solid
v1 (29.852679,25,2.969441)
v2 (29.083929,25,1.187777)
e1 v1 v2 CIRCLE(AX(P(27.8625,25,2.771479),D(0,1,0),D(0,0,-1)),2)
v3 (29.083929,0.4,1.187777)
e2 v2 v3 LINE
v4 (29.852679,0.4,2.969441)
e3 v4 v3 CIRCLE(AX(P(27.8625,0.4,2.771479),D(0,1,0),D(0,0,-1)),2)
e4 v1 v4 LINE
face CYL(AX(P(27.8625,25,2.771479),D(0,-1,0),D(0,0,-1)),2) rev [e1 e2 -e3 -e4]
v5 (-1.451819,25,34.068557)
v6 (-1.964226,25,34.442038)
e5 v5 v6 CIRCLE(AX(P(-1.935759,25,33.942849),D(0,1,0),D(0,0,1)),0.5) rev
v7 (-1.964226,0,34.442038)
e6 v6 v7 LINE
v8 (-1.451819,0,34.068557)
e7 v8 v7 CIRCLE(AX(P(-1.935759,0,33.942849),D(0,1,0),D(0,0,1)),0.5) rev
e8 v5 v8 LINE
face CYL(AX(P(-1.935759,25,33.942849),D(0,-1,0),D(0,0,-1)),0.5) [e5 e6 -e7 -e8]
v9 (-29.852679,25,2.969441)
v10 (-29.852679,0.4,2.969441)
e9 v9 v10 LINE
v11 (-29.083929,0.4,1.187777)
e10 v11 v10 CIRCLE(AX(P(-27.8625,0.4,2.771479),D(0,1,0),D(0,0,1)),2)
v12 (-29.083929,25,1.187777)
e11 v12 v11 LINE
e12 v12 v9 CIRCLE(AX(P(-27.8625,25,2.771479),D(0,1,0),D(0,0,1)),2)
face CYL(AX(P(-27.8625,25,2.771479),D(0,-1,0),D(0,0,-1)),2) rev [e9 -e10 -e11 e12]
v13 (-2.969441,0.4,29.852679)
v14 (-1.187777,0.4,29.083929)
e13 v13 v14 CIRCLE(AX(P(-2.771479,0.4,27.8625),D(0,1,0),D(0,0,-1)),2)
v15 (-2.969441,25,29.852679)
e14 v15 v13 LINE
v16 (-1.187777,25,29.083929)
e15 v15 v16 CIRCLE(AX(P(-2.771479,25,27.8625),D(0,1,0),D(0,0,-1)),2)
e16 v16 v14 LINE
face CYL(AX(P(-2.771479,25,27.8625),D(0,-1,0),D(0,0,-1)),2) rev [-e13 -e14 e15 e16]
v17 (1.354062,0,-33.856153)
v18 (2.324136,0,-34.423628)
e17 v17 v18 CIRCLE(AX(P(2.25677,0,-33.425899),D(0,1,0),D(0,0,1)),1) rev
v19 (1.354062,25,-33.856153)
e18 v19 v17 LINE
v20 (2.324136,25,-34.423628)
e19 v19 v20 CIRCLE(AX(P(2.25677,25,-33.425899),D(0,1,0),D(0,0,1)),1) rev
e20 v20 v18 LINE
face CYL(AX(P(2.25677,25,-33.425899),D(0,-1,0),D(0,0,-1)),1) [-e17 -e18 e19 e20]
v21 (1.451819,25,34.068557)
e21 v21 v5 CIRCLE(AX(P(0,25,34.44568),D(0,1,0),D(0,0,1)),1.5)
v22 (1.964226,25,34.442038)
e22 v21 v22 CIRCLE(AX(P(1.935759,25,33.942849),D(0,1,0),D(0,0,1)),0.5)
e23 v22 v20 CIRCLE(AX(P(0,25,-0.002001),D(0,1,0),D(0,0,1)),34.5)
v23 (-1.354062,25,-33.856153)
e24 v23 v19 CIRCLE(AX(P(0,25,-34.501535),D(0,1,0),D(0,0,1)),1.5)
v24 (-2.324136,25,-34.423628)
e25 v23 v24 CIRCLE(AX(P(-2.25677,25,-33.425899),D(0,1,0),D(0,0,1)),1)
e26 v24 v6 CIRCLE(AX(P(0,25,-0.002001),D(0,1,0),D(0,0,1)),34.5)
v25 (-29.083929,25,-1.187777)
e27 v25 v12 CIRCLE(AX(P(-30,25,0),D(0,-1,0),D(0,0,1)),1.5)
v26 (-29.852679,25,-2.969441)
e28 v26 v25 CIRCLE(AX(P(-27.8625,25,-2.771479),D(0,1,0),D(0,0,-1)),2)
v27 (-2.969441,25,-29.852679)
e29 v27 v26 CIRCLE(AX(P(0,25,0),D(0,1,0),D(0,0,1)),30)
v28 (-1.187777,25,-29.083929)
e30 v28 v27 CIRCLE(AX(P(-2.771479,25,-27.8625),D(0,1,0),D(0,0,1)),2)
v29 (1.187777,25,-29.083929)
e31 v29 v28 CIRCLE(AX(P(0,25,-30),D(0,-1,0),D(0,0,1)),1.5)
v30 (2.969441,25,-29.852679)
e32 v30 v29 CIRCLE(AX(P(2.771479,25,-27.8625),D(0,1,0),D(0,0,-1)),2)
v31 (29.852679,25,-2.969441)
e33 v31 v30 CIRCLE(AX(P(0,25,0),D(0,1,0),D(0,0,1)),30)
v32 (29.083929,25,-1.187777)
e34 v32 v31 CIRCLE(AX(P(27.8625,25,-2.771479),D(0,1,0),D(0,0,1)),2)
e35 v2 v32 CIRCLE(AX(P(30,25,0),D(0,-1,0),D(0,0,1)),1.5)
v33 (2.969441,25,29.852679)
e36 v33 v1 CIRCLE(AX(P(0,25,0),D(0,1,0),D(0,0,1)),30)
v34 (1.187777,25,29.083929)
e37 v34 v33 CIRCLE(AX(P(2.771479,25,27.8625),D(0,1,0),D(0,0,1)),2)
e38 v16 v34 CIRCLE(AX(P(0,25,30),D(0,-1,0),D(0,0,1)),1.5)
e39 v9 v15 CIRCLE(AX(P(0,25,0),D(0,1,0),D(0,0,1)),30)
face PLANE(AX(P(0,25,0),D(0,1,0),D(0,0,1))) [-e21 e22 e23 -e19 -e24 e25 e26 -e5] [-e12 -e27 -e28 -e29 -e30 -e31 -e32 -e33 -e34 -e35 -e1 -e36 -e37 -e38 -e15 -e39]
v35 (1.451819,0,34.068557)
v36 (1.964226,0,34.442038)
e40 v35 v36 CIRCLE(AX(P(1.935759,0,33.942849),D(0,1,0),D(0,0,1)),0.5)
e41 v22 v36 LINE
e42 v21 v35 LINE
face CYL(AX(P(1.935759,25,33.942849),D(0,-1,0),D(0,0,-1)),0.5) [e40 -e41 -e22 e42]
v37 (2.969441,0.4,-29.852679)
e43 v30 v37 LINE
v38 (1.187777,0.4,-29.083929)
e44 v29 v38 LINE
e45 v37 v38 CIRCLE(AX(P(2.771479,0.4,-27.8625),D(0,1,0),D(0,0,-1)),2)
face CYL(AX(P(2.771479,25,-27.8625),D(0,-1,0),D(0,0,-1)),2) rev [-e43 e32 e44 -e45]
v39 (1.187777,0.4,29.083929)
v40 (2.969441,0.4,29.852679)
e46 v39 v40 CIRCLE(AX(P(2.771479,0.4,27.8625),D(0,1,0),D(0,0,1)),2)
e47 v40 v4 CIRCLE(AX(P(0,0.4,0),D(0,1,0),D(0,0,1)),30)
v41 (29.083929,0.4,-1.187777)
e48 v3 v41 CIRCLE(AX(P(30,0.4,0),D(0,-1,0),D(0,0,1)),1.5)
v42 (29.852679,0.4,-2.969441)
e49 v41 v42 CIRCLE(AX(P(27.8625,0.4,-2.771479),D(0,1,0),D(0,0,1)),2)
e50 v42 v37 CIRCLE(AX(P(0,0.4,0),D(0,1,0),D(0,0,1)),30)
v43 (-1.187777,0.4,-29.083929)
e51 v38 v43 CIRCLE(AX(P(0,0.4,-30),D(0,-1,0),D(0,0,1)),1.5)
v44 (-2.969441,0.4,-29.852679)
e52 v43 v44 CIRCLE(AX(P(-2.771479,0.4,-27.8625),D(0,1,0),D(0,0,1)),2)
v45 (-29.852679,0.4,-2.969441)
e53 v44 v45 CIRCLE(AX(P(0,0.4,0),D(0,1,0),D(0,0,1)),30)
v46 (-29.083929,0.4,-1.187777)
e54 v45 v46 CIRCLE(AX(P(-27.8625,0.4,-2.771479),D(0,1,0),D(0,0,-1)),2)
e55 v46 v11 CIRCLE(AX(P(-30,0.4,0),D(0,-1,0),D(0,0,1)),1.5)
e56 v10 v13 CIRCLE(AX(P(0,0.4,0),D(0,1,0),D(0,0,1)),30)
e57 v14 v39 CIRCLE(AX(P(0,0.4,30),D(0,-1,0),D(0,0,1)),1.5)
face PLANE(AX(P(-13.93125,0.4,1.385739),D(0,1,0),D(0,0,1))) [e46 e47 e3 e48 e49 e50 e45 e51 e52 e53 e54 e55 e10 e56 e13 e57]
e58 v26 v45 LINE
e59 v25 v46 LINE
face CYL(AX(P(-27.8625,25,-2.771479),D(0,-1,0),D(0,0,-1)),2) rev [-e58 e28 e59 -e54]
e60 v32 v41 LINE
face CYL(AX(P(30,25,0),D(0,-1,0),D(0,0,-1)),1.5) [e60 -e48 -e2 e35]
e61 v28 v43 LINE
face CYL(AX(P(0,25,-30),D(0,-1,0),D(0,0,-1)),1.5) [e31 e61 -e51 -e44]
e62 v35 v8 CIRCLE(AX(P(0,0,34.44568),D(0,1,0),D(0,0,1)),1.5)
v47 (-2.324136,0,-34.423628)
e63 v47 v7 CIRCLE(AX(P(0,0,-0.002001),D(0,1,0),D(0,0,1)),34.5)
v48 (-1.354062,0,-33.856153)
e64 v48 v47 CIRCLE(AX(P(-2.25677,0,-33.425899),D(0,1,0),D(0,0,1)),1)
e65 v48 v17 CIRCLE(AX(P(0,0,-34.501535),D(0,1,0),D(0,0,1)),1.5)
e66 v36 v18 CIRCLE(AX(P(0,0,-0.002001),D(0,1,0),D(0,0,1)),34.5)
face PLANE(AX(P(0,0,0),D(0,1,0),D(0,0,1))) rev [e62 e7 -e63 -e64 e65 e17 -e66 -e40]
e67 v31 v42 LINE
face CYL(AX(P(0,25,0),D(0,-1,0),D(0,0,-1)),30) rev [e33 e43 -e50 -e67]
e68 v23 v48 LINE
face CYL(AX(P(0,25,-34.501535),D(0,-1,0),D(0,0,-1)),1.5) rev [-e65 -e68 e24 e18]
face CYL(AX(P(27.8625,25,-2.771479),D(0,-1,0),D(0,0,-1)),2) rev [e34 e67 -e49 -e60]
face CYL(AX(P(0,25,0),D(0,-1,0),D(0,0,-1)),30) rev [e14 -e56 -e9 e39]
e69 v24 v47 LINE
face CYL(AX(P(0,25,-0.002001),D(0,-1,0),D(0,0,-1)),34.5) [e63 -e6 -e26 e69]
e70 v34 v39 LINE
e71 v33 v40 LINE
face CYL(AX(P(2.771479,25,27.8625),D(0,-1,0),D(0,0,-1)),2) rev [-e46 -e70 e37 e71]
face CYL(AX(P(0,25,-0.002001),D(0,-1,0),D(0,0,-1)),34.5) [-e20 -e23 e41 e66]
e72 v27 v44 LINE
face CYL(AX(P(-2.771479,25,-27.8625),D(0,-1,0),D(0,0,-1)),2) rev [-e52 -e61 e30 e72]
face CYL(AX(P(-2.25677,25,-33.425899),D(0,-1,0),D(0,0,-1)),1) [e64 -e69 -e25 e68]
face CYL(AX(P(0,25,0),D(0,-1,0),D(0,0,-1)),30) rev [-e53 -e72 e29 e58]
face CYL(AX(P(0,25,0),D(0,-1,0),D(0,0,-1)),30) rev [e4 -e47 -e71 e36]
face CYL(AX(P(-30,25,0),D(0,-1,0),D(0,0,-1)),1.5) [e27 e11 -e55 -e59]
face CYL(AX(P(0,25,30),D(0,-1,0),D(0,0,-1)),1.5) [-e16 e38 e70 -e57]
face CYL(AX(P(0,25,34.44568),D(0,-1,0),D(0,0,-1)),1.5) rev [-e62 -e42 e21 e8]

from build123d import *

# Parameters (mm, degrees)
BOSS_EXTRUDE1_DEPTH = 25
CUT_EXTRUDE2_DEPTH  = 26
BOSS_EXTRUDE2_DEPTH = 0.4


with BuildPart() as part:
    # Sketch1 → Boss-Extrude1 (new body)
    with BuildSketch(Plane(origin=(0, 0, 0), x_dir=(1, 0, 0), z_dir=(0, 1, 0))):
        with BuildLine():
            ThreePointArc((1.451818925, -34.068556857), (1.641248992, -34.346908706), (1.964225605, -34.442038138))
            ThreePointArc((1.964225605, -34.442038138), (26.591847487, -21.978073076), (34.198225299, 4.555174015))
            ThreePointArc((34.198225299, 4.555174015), (23.590291339, 25.176355888), (2.324135821, 34.423627607))
            ThreePointArc((2.324135821, 34.423627607), (1.751838249, 34.289058819), (1.354061739, 33.856153382))
            ThreePointArc((1.354061739, 33.856153382), (0, 33.001534515), (-1.354061739, 33.856153382))
            ThreePointArc((-1.354061739, 33.856153382), (-1.751838249, 34.289058819), (-2.324135821, 34.423627607))
            ThreePointArc((-2.324135821, 34.423627607), (-23.590291339, 25.176355888), (-34.198225299, 4.555174015))
            ThreePointArc((-34.198225299, 4.555174015), (-26.591847487, -21.978073076), (-1.964225605, -34.442038138))
            ThreePointArc((-1.964225605, -34.442038138), (-1.641248992, -34.346908706), (-1.451818925, -34.068556857))
            ThreePointArc((-1.451818925, -34.068556857), (0, -32.945679925), (1.451818925, -34.068556857))
        make_face()
        with BuildLine():
            Line((-2.417, 3.787737139), (0, 3.787737139))
            Line((0, 3.787737139), (2.417, 3.787737139))
            ThreePointArc((2.417, 3.787737139), (0, -4.489512172), (-2.417, 3.787737139))
        make_face(mode=Mode.SUBTRACT)
    extrude(amount=BOSS_EXTRUDE1_DEPTH)

    # Sketch2 → Cut-Extrude2 (cut, through all)
    with BuildSketch(Plane(origin=(0, 0, 0), x_dir=(1, 0, 0), z_dir=(0, 1, 0))):
        with BuildLine():
            ThreePointArc((-29.852678571, -2.96944138), (-21.213203436, -21.213203436), (-2.96944138, -29.852678571))
            ThreePointArc((-2.96944138, -29.852678571), (-1.979132422, -29.698851682), (-1.187776552, -29.083928571))
            ThreePointArc((-1.187776552, -29.083928571), (0, -28.5), (1.187776552, -29.083928571))
            ThreePointArc((1.187776552, -29.083928571), (1.979132422, -29.698851682), (2.96944138, -29.852678571))
            ThreePointArc((2.96944138, -29.852678571), (21.213203436, -21.213203436), (29.852678571, -2.96944138))
            ThreePointArc((29.852678571, -2.96944138), (29.698851682, -1.979132422), (29.083928571, -1.187776552))
            ThreePointArc((29.083928571, -1.187776552), (28.5, 0), (29.083928571, 1.187776552))
            ThreePointArc((29.083928571, 1.187776552), (29.698851682, 1.979132422), (29.852678571, 2.96944138))
            ThreePointArc((29.852678571, 2.96944138), (21.213203436, 21.213203436), (2.96944138, 29.852678571))
            ThreePointArc((2.96944138, 29.852678571), (1.979132422, 29.698851682), (1.187776552, 29.083928571))
            ThreePointArc((1.187776552, 29.083928571), (0, 28.5), (-1.187776552, 29.083928571))
            ThreePointArc((-1.187776552, 29.083928571), (-1.979132422, 29.698851682), (-2.96944138, 29.852678571))
            ThreePointArc((-2.96944138, 29.852678571), (-21.213203436, 21.213203436), (-29.852678571, 2.96944138))
            ThreePointArc((-29.852678571, 2.96944138), (-29.698851682, 1.979132422), (-29.083928571, 1.187776552))
            ThreePointArc((-29.083928571, 1.187776552), (-28.5, 0), (-29.083928571, -1.187776552))
            ThreePointArc((-29.083928571, -1.187776552), (-29.698851682, -1.979132422), (-29.852678571, -2.96944138))
        make_face()
    extrude(amount=CUT_EXTRUDE2_DEPTH, mode=Mode.SUBTRACT)

    # Sketch2<2> → Boss-Extrude2 (add)
    with BuildSketch(Plane(origin=(0, 0, 0), x_dir=(1, 0, 0), z_dir=(0, 1, 0))):
        with BuildLine():
            ThreePointArc((-29.852678571, -2.96944138), (-21.213203436, -21.213203436), (-2.96944138, -29.852678571))
            ThreePointArc((-2.96944138, -29.852678571), (-1.979132422, -29.698851682), (-1.187776552, -29.083928571))
            ThreePointArc((-1.187776552, -29.083928571), (0, -28.5), (1.187776552, -29.083928571))
            ThreePointArc((1.187776552, -29.083928571), (1.979132422, -29.698851682), (2.96944138, -29.852678571))
            ThreePointArc((2.96944138, -29.852678571), (21.213203436, -21.213203436), (29.852678571, -2.96944138))
            ThreePointArc((29.852678571, -2.96944138), (29.698851682, -1.979132422), (29.083928571, -1.187776552))
            ThreePointArc((29.083928571, -1.187776552), (28.5, 0), (29.083928571, 1.187776552))
            ThreePointArc((29.083928571, 1.187776552), (29.698851682, 1.979132422), (29.852678571, 2.96944138))
            ThreePointArc((29.852678571, 2.96944138), (21.213203436, 21.213203436), (2.96944138, 29.852678571))
            ThreePointArc((2.96944138, 29.852678571), (1.979132422, 29.698851682), (1.187776552, 29.083928571))
            ThreePointArc((1.187776552, 29.083928571), (0, 28.5), (-1.187776552, 29.083928571))
            ThreePointArc((-1.187776552, 29.083928571), (-1.979132422, 29.698851682), (-2.96944138, 29.852678571))
            ThreePointArc((-2.96944138, 29.852678571), (-21.213203436, 21.213203436), (-29.852678571, 2.96944138))
            ThreePointArc((-29.852678571, 2.96944138), (-29.698851682, 1.979132422), (-29.083928571, 1.187776552))
            ThreePointArc((-29.083928571, 1.187776552), (-28.5, 0), (-29.083928571, -1.187776552))
            ThreePointArc((-29.083928571, -1.187776552), (-29.698851682, -1.979132422), (-29.852678571, -2.96944138))
        make_face()
    extrude(amount=BOSS_EXTRUDE2_DEPTH)


solid = part.part
